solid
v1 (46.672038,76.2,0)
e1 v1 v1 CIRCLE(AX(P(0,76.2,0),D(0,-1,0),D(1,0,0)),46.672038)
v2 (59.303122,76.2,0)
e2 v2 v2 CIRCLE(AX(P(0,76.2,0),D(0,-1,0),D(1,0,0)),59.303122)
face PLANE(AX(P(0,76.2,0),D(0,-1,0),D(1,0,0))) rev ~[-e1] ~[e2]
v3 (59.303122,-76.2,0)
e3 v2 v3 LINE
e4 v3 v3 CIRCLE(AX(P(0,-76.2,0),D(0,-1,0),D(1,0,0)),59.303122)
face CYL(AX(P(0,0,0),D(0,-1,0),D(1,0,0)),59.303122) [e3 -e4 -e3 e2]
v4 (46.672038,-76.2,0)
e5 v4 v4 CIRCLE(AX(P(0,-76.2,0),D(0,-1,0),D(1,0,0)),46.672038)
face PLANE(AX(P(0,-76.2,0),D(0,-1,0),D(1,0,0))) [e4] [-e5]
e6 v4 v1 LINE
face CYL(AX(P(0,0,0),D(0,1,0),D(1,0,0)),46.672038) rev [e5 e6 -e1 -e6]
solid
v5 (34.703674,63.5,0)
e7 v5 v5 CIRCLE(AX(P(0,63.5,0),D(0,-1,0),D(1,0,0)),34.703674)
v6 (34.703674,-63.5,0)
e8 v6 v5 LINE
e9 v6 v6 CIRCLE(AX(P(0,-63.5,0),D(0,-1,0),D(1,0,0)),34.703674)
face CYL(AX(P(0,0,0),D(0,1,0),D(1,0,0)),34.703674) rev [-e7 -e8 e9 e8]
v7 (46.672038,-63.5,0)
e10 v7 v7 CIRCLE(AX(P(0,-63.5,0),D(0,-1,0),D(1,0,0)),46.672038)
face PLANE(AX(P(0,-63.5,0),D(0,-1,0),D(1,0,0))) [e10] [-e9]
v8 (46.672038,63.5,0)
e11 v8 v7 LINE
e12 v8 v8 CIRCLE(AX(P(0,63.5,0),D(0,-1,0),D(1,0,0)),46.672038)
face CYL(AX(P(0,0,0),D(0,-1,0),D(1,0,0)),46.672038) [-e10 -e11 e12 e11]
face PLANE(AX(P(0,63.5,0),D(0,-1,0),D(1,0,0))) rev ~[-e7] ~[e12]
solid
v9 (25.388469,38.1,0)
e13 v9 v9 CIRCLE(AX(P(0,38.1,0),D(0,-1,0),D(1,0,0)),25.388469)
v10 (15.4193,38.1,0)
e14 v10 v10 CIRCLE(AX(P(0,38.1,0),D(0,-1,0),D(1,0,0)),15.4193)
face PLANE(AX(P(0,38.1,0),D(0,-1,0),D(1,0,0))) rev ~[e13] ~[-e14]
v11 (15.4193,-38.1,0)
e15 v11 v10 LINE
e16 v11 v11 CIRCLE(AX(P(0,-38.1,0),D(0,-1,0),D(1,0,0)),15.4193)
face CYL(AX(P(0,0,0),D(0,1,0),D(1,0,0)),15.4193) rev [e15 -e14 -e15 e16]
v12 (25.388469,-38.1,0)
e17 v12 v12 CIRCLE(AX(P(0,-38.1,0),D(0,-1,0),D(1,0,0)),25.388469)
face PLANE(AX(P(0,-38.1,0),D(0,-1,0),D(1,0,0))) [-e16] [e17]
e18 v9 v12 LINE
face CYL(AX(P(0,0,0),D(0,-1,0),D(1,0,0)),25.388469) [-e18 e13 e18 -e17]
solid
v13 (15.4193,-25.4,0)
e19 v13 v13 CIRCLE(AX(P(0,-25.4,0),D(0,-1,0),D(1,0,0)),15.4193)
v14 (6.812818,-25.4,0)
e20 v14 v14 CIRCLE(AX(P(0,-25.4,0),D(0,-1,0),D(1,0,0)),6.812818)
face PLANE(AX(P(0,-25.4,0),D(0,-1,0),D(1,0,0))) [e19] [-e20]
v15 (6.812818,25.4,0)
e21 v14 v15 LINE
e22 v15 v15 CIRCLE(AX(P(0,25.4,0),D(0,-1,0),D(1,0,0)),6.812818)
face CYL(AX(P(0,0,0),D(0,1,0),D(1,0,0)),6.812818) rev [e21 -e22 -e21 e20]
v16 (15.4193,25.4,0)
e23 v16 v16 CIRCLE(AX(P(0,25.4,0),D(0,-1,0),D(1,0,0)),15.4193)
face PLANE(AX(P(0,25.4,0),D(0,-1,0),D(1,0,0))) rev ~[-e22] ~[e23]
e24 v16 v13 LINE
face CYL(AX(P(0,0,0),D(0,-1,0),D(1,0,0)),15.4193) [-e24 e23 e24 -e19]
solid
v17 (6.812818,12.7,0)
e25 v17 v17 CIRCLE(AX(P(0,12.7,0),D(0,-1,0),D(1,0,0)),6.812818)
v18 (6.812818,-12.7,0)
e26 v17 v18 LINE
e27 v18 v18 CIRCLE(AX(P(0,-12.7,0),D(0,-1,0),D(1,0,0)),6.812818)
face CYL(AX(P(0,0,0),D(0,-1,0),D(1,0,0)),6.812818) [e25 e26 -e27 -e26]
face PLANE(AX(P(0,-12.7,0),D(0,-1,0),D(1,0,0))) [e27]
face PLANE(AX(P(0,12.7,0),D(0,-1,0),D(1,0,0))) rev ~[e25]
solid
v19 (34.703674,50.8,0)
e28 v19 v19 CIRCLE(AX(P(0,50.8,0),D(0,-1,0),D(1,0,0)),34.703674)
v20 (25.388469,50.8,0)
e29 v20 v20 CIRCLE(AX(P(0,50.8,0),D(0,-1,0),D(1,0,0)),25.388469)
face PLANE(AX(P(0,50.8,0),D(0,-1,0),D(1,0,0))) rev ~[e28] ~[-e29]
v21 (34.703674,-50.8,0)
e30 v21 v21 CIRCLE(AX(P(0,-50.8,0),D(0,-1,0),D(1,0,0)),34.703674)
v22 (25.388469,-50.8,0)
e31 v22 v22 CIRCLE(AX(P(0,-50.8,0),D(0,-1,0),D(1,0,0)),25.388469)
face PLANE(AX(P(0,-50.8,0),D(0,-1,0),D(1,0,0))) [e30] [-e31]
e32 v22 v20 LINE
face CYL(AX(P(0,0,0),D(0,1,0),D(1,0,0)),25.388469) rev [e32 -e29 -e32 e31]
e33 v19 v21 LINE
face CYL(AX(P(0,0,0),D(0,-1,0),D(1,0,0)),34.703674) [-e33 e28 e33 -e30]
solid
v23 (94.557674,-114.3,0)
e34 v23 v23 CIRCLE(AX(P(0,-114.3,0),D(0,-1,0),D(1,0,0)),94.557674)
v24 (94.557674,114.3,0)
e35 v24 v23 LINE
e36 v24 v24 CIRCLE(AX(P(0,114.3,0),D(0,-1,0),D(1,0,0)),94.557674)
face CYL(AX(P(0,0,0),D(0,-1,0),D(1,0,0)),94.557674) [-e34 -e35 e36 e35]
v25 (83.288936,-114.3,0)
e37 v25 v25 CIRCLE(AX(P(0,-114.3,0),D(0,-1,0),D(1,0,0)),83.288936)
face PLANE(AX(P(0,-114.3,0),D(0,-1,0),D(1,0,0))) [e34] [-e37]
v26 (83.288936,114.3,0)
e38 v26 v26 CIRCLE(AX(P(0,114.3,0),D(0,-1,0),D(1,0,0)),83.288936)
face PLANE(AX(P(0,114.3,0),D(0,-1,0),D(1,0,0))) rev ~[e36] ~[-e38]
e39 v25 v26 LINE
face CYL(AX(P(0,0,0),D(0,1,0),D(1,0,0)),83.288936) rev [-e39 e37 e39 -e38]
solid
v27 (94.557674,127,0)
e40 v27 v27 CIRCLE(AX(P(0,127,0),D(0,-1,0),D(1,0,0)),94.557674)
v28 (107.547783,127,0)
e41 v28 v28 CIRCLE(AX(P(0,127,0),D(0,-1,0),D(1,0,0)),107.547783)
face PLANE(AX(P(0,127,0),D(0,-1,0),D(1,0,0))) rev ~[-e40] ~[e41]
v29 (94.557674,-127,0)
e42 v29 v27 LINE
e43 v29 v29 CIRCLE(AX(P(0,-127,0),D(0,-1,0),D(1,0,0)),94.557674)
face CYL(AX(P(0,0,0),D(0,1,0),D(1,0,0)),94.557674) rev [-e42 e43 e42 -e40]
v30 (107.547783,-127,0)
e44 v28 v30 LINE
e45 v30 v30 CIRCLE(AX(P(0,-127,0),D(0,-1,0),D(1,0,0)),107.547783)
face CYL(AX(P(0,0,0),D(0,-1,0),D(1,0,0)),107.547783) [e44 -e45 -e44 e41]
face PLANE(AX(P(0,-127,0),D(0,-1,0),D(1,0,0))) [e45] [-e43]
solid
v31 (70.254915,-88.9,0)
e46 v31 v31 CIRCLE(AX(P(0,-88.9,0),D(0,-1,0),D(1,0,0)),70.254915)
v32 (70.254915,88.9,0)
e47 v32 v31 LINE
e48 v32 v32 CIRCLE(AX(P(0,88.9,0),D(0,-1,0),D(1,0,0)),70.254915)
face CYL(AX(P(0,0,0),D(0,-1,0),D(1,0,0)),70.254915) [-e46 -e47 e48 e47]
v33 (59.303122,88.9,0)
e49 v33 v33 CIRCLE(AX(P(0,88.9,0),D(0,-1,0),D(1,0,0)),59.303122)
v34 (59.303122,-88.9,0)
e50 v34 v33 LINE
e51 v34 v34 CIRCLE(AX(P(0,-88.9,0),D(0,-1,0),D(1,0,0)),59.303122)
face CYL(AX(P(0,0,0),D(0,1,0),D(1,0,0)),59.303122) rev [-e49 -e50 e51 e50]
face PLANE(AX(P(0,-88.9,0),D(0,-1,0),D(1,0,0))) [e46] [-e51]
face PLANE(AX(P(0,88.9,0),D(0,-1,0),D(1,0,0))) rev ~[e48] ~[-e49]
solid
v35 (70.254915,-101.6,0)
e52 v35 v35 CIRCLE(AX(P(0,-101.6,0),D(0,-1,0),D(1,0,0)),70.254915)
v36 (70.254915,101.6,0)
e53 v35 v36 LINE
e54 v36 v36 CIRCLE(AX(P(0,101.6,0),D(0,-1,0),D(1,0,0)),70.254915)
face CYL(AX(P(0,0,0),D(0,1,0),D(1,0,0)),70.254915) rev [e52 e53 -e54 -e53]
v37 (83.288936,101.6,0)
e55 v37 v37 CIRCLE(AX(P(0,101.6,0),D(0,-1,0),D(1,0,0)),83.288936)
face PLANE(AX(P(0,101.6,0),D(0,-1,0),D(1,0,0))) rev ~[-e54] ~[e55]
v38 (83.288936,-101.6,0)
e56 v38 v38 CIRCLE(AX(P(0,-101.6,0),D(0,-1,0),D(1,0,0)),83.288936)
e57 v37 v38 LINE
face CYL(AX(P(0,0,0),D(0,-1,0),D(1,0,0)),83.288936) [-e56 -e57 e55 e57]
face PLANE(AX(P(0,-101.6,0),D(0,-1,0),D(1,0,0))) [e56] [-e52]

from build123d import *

# Parameters (mm, degrees)
F0_R      = 6.812818
F1_DEPTH  = 12.7
F0_R_2    = 15.4193
F2_DEPTH  = 25.4
F0_R_3    = 25.388469
F3_DEPTH  = 38.1
F0_R_4    = 34.703674
F4_DEPTH  = 50.8
F0_R_5    = 46.672038
F5_DEPTH  = 63.5
F0_R_6    = 59.303122
F6_DEPTH  = 76.2
F0_R_7    = 70.254915
F7_DEPTH  = 88.9
F0_R_8    = 83.288936
F8_DEPTH  = 101.6
F0_R_9    = 94.557674
F9_DEPTH  = 114.3
F0_R_10   = 107.547783
F10_DEPTH = 127


with BuildPart() as f1:
    # F0 (on Front) → F1 (new body, symmetric)
    with BuildSketch(Plane.XZ):
        Circle(F0_R)
    extrude(amount=F1_DEPTH, both=True)


with BuildPart() as f2:
    # F0 (on Front) → F2 (new body, symmetric)
    with BuildSketch(Plane.XZ):
        Circle(F0_R_2)
        Circle(F0_R, mode=Mode.SUBTRACT)
    extrude(amount=F2_DEPTH, both=True)


with BuildPart() as f3:
    # F0 (on Front) → F3 (new body, symmetric)
    with BuildSketch(Plane.XZ):
        Circle(F0_R_3)
        Circle(F0_R_2, mode=Mode.SUBTRACT)
    extrude(amount=F3_DEPTH, both=True)


with BuildPart() as f4:
    # F0 (on Front) → F4 (new body, symmetric)
    with BuildSketch(Plane.XZ):
        Circle(F0_R_4)
        Circle(F0_R_3, mode=Mode.SUBTRACT)
    extrude(amount=F4_DEPTH, both=True)


with BuildPart() as f5:
    # F0 (on Front) → F5 (new body, symmetric)
    with BuildSketch(Plane.XZ):
        Circle(F0_R_5)
        Circle(F0_R_4, mode=Mode.SUBTRACT)
    extrude(amount=F5_DEPTH, both=True)


with BuildPart() as f6:
    # F0 (on Front) → F6 (new body, symmetric)
    with BuildSketch(Plane.XZ):
        Circle(F0_R_6)
        Circle(F0_R_5, mode=Mode.SUBTRACT)
    extrude(amount=F6_DEPTH, both=True)


with BuildPart() as f7:
    # F0 (on Front) → F7 (new body, symmetric)
    with BuildSketch(Plane.XZ):
        Circle(F0_R_7)
        Circle(F0_R_6, mode=Mode.SUBTRACT)
    extrude(amount=F7_DEPTH, both=True)


with BuildPart() as f8:
    # F0 (on Front) → F8 (new body, symmetric)
    with BuildSketch(Plane.XZ):
        Circle(F0_R_8)
        Circle(F0_R_7, mode=Mode.SUBTRACT)
    extrude(amount=F8_DEPTH, both=True)


with BuildPart() as f9:
    # F0 (on Front) → F9 (new body, symmetric)
    with BuildSketch(Plane.XZ):
        Circle(F0_R_9)
        Circle(F0_R_8, mode=Mode.SUBTRACT)
    extrude(amount=F9_DEPTH, both=True)


with BuildPart() as f10:
    # F0 (on Front) → F10 (new body, symmetric)
    with BuildSketch(Plane.XZ):
        Circle(F0_R_10)
        Circle(F0_R_9, mode=Mode.SUBTRACT)
    extrude(amount=F10_DEPTH, both=True)


solid = Compound([f1.part, f2.part, f3.part, f4.part, f5.part, f6.part, f7.part, f8.part, f9.part, f10.part])
